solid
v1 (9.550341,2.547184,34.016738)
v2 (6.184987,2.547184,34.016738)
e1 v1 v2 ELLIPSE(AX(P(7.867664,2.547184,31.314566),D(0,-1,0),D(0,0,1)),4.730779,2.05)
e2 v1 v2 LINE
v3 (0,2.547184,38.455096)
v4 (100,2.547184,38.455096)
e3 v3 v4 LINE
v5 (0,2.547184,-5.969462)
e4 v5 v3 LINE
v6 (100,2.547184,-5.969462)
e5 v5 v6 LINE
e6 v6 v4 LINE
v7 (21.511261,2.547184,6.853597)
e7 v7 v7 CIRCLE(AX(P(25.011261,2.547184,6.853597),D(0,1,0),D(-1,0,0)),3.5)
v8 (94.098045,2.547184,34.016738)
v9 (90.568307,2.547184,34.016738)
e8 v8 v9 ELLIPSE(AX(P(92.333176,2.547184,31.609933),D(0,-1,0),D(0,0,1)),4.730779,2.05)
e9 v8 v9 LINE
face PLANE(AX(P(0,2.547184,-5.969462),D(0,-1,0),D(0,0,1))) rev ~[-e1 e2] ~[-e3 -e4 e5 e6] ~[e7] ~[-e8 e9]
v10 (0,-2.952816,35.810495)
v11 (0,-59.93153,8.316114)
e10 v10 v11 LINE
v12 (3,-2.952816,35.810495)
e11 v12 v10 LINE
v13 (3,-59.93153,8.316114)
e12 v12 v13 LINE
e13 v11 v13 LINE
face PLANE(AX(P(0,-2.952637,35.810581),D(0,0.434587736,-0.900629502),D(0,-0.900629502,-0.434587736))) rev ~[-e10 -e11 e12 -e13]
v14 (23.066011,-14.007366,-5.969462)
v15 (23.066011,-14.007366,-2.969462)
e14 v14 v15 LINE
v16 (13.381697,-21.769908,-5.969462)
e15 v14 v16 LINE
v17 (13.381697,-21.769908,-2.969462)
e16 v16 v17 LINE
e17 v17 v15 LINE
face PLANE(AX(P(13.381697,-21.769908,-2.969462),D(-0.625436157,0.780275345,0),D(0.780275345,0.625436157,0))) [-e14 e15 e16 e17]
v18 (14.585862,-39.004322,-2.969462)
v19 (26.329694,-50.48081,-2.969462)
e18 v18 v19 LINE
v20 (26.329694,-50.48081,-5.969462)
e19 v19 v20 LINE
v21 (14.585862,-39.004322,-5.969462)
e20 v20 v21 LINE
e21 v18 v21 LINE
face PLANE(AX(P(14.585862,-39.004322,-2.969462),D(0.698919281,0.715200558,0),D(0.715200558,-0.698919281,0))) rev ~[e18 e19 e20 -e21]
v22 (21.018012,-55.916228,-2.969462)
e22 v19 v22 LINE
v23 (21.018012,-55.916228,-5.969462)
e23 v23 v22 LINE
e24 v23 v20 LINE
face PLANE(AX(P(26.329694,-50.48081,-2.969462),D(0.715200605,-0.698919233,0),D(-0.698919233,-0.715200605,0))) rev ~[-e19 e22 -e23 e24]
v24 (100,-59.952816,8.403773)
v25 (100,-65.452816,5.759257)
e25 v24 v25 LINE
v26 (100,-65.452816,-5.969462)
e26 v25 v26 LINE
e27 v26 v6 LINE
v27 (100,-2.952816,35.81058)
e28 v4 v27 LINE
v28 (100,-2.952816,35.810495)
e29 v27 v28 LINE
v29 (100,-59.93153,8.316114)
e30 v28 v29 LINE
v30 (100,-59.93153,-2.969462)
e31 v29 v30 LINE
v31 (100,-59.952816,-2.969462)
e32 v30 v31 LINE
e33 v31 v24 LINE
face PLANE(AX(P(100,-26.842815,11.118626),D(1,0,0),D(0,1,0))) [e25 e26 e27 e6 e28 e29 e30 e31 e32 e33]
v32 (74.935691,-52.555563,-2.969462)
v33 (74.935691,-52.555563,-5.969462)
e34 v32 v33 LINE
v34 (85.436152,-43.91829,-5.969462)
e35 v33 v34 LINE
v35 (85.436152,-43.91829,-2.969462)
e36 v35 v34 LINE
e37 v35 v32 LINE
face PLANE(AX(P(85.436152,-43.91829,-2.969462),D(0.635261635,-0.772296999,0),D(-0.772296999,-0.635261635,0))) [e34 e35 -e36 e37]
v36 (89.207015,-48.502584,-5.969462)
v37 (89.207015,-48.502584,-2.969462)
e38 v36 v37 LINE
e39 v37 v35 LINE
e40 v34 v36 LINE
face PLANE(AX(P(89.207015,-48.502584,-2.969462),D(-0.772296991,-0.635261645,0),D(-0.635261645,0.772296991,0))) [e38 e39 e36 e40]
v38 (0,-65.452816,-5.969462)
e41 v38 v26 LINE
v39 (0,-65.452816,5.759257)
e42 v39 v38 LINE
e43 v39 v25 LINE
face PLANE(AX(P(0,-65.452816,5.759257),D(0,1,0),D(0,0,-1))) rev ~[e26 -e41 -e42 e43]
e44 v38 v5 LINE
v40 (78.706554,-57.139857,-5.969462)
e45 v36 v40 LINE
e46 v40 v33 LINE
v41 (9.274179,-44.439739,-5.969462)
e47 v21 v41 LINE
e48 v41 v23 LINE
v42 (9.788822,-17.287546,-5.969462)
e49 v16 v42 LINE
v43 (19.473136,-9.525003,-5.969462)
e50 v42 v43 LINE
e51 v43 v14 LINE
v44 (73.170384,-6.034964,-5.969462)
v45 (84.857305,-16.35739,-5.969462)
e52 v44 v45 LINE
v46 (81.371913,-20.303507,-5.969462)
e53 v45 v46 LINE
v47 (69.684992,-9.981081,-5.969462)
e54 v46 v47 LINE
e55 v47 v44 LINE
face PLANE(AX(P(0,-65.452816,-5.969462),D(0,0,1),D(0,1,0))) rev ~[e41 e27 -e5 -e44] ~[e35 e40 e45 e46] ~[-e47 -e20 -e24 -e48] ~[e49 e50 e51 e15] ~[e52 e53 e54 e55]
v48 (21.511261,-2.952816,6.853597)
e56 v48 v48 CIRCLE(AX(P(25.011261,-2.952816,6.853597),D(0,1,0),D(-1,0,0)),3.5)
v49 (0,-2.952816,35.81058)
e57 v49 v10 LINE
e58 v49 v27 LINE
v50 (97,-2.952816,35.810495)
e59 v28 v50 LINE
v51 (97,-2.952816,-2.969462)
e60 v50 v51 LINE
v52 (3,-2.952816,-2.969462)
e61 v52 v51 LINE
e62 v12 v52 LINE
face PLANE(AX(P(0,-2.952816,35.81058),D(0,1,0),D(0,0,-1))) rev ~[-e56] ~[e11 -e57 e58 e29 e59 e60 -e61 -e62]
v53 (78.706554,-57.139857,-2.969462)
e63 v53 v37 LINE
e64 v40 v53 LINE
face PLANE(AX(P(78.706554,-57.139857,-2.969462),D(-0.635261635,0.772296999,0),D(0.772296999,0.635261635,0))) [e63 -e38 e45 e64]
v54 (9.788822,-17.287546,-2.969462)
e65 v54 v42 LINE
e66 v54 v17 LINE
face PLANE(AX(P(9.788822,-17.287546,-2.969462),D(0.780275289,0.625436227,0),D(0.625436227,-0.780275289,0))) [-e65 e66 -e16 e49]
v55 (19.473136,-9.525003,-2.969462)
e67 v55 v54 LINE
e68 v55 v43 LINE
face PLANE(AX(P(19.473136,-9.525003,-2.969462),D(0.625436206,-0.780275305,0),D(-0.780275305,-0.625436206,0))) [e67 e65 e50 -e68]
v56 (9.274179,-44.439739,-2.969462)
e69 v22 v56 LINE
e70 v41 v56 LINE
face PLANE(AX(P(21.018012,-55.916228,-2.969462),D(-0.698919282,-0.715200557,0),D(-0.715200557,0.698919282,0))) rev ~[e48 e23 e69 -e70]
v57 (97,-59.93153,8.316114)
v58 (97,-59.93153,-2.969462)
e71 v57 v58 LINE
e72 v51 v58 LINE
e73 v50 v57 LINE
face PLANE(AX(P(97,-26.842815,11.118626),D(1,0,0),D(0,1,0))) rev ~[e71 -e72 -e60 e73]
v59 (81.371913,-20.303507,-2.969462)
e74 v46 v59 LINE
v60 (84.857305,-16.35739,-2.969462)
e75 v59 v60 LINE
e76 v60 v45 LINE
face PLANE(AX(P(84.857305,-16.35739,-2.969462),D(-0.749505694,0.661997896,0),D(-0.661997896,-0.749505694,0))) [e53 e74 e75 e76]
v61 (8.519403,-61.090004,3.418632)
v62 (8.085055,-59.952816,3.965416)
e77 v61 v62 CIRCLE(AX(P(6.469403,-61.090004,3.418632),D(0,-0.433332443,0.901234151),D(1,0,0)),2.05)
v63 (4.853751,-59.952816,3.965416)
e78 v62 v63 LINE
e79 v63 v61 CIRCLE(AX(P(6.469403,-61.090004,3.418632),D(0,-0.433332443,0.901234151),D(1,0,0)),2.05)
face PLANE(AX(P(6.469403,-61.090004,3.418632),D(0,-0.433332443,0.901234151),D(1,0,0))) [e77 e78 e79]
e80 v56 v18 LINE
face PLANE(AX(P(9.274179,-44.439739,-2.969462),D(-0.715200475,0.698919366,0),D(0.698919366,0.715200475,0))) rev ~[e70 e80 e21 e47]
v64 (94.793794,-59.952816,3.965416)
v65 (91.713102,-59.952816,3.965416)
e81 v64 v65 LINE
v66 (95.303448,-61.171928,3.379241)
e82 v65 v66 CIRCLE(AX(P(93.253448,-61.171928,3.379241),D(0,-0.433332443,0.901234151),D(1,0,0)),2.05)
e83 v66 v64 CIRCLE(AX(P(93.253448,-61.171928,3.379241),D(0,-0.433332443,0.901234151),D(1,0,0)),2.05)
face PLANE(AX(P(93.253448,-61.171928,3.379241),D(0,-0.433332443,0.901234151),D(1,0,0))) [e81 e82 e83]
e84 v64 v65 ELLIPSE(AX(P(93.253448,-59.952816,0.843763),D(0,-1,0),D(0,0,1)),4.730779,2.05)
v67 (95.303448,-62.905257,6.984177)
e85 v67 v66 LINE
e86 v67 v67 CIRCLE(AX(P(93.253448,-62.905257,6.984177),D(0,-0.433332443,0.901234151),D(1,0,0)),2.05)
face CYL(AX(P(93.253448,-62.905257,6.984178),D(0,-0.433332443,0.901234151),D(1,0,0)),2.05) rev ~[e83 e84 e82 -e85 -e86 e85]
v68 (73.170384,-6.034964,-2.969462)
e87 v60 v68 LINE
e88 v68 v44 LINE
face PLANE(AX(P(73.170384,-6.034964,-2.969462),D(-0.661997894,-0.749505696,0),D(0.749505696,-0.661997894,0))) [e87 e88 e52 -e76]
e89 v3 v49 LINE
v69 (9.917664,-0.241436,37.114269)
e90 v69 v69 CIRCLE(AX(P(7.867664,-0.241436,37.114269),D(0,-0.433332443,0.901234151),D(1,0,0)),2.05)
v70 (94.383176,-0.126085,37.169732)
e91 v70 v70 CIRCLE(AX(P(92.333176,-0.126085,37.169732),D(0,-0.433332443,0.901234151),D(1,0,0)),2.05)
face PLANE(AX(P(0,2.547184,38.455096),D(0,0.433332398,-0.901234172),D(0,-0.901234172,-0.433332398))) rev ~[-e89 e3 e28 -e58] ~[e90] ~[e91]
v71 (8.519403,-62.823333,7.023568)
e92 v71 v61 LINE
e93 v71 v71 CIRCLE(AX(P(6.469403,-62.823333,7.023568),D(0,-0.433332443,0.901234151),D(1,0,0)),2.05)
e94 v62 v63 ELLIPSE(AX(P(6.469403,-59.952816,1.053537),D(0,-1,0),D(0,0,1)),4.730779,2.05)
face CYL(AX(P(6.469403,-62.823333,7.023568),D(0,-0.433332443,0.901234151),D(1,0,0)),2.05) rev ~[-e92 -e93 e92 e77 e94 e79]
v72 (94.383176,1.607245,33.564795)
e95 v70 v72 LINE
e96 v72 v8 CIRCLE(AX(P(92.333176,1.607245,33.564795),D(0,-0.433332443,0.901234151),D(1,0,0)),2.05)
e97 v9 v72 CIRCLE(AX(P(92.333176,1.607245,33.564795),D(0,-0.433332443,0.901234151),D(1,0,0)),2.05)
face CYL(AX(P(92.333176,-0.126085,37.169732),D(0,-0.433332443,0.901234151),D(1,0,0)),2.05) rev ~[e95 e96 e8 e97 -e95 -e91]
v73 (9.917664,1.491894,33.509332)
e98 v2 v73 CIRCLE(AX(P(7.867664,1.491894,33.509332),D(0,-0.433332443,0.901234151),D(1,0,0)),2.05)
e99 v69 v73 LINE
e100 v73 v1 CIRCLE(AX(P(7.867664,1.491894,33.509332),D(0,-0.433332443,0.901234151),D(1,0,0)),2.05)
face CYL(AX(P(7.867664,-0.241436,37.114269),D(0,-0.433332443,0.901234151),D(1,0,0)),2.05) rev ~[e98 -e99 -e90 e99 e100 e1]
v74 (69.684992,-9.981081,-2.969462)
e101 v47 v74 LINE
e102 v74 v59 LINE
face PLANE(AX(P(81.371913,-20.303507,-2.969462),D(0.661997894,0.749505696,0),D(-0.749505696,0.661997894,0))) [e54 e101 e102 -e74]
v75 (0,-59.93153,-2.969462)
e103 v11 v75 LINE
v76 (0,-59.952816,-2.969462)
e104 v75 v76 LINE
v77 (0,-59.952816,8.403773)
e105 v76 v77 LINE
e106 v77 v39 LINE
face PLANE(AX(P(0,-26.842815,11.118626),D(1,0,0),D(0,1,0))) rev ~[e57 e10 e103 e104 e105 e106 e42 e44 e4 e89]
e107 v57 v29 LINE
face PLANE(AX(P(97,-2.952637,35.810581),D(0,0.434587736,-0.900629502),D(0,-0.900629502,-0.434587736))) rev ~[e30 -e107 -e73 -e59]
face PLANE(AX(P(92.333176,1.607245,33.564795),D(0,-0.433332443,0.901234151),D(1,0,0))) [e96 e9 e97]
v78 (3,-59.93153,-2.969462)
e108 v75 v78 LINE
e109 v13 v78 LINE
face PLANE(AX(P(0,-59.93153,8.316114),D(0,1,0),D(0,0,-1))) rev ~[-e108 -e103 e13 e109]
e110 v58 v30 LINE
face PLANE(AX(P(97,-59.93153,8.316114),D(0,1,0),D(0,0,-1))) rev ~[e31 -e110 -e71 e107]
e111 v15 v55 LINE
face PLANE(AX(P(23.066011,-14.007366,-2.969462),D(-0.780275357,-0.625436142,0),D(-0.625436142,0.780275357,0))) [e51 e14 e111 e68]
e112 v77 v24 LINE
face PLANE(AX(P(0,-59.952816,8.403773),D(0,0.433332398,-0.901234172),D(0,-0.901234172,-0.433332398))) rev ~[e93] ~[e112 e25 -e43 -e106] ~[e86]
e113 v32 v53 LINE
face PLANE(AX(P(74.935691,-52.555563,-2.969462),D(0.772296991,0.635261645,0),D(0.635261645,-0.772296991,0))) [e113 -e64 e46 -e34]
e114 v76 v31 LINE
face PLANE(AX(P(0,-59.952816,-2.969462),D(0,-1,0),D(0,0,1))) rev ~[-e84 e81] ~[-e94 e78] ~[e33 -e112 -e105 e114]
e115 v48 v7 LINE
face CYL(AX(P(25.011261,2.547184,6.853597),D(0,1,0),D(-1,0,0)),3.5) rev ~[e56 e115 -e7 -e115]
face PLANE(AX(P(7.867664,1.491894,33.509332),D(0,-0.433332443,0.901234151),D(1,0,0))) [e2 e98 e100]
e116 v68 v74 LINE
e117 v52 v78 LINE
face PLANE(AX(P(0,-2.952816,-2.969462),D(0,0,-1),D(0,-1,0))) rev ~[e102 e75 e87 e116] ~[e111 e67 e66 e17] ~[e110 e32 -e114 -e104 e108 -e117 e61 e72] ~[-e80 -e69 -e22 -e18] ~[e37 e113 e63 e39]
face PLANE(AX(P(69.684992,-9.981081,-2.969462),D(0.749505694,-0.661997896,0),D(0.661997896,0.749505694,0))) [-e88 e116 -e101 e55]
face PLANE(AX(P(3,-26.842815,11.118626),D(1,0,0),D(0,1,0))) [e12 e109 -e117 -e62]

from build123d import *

# Parameters (mm, degrees)
EXTRUDE006_DEPTH                          = 7.5
SKETCH004_R                               = 3.5
EXTRUDE005_DEPTH                          = 10
SKETCH003_AS_DRAWN_R                      = 2.05
EXTRUDE004_DEPTH                          = 4
EXTRUDE004_ONTO_SKETCH003_PLACEMENT_ANGLE = 25.679232
SKETCH002_AS_DRAWN_R                      = 2.05
EXTRUDE003_DEPTH                          = 4
EXTRUDE003_ONTO_SKETCH002_PLACEMENT_ANGLE = 25.679232
EXTRUDE002_DEPTH                          = 3
EXTRUDE001_DEPTH                          = 3
EXTRUDE_DEPTH                             = 100


with BuildPart() as extrude006:
    # Sketch005 (on Face9 of Cut002) → Extrude006 (new body, symmetric)
    with BuildSketch(Plane.XY.offset(-2.969462)):
        Polygon((9.788822, -17.287546), (13.381697, -21.769908), (23.066011, -14.007366), (19.473136, -9.525003), align=None)
        Polygon((74.935691, -52.555563), (78.706554, -57.139857), (89.207015, -48.502584), (85.436152, -43.91829), align=None)
        Polygon((9.274179, -44.439739), (14.585862, -39.004322), (26.329694, -50.48081), (21.018012, -55.916228), align=None)
        Polygon((69.684992, -9.981081), (73.170384, -6.034964), (84.857305, -16.35739), (81.371913, -20.303507), align=None)
    extrude(amount=EXTRUDE006_DEPTH, both=True)


with BuildPart() as extrude005:
    # Sketch004 (on Face13 of Cut001) → Extrude005 (new body, symmetric)
    with BuildSketch(Plane(origin=(0, 2.547184, 0), x_dir=(-1, 0, 0), z_dir=(0, 1, 0))):
        with Locations((-25.011261, 6.853597)):
            Circle(SKETCH004_R)
    extrude(amount=EXTRUDE005_DEPTH, both=True)


with BuildPart() as extrude004:
    # Sketch003 as drawn → Extrude004 (new)
    with BuildSketch(Plane.XY):
        with Locations((6.469403, -53.574993)):
            Circle(SKETCH003_AS_DRAWN_R)
        with Locations((93.253448, -53.665895)):
            Circle(SKETCH003_AS_DRAWN_R)
    extrude(amount=-EXTRUDE004_DEPTH)


with BuildPart() as extrude004_1:
    # Extrude004 onto Sketch003 placement: moved
    add(extrude004.part.moved(Location((0, -14.53972, 30.239351))).rotate(Axis((0, -14.53972, 30.239351), (1, 0, 0)), EXTRUDE004_ONTO_SKETCH003_PLACEMENT_ANGLE))


with BuildPart() as extrude003:
    # Sketch002 as drawn → Extrude003 (new)
    with BuildSketch(Plane.XY):
        with Locations((7.867664, 15.865227)):
            Circle(SKETCH002_AS_DRAWN_R)
        with Locations((92.333176, 15.993219)):
            Circle(SKETCH002_AS_DRAWN_R)
    extrude(amount=-EXTRUDE003_DEPTH)


with BuildPart() as extrude003_1:
    # Extrude003 onto Sketch002 placement: moved
    add(extrude003.part.moved(Location((0, -14.53972, 30.239351))).rotate(Axis((0, -14.53972, 30.239351), (1, 0, 0)), EXTRUDE003_ONTO_SKETCH002_PLACEMENT_ANGLE))


with BuildPart() as extrude002:
    # Sketch001 → Extrude002 (new body)
    with BuildSketch(Plane.YZ):
        Polygon((-59.93153, 8.316114), (-59.93153, -2.969465), (-2.952637, -2.969465), (-2.952637, 35.810581), align=None)
    extrude(amount=EXTRUDE002_DEPTH)


with BuildPart() as extrude002_1:
    # Extrude002 placement: moved
    add(extrude002.part.moved(Location((97, 0, 0))))


with BuildPart() as extrude001:
    # Sketch001 → Extrude001 (new body)
    with BuildSketch(Plane.YZ):
        Polygon((-59.93153, 8.316114), (-59.93153, -2.969465), (-2.952637, -2.969465), (-2.952637, 35.810581), align=None)
    extrude(amount=EXTRUDE001_DEPTH)


with BuildPart() as caja:
    # Sketch → Extrude (new body)
    with BuildSketch(Plane.YZ):
        Polygon((-65.452816, 5.759257), (-65.452816, -5.969462), (2.547184, -5.969462), (2.547184, 38.455096), (-2.952816, 35.81058), (-2.952816, -2.969462), (-59.952816, -2.969462), (-59.952816, 8.403773), align=None)
    extrude(amount=EXTRUDE_DEPTH)

    # Fusion: union Extrude002, Extrude001
    add(extrude002_1.part)
    add(extrude001.part)

    # Cut: cut Extrude003
    add(extrude003_1.part, mode=Mode.SUBTRACT)

    # Cut001: cut Extrude004
    add(extrude004_1.part, mode=Mode.SUBTRACT)

    # Cut002: cut Extrude005
    add(extrude005.part, mode=Mode.SUBTRACT)

    # Cut003: cut Extrude006
    add(extrude006.part, mode=Mode.SUBTRACT)


solid = caja.part
